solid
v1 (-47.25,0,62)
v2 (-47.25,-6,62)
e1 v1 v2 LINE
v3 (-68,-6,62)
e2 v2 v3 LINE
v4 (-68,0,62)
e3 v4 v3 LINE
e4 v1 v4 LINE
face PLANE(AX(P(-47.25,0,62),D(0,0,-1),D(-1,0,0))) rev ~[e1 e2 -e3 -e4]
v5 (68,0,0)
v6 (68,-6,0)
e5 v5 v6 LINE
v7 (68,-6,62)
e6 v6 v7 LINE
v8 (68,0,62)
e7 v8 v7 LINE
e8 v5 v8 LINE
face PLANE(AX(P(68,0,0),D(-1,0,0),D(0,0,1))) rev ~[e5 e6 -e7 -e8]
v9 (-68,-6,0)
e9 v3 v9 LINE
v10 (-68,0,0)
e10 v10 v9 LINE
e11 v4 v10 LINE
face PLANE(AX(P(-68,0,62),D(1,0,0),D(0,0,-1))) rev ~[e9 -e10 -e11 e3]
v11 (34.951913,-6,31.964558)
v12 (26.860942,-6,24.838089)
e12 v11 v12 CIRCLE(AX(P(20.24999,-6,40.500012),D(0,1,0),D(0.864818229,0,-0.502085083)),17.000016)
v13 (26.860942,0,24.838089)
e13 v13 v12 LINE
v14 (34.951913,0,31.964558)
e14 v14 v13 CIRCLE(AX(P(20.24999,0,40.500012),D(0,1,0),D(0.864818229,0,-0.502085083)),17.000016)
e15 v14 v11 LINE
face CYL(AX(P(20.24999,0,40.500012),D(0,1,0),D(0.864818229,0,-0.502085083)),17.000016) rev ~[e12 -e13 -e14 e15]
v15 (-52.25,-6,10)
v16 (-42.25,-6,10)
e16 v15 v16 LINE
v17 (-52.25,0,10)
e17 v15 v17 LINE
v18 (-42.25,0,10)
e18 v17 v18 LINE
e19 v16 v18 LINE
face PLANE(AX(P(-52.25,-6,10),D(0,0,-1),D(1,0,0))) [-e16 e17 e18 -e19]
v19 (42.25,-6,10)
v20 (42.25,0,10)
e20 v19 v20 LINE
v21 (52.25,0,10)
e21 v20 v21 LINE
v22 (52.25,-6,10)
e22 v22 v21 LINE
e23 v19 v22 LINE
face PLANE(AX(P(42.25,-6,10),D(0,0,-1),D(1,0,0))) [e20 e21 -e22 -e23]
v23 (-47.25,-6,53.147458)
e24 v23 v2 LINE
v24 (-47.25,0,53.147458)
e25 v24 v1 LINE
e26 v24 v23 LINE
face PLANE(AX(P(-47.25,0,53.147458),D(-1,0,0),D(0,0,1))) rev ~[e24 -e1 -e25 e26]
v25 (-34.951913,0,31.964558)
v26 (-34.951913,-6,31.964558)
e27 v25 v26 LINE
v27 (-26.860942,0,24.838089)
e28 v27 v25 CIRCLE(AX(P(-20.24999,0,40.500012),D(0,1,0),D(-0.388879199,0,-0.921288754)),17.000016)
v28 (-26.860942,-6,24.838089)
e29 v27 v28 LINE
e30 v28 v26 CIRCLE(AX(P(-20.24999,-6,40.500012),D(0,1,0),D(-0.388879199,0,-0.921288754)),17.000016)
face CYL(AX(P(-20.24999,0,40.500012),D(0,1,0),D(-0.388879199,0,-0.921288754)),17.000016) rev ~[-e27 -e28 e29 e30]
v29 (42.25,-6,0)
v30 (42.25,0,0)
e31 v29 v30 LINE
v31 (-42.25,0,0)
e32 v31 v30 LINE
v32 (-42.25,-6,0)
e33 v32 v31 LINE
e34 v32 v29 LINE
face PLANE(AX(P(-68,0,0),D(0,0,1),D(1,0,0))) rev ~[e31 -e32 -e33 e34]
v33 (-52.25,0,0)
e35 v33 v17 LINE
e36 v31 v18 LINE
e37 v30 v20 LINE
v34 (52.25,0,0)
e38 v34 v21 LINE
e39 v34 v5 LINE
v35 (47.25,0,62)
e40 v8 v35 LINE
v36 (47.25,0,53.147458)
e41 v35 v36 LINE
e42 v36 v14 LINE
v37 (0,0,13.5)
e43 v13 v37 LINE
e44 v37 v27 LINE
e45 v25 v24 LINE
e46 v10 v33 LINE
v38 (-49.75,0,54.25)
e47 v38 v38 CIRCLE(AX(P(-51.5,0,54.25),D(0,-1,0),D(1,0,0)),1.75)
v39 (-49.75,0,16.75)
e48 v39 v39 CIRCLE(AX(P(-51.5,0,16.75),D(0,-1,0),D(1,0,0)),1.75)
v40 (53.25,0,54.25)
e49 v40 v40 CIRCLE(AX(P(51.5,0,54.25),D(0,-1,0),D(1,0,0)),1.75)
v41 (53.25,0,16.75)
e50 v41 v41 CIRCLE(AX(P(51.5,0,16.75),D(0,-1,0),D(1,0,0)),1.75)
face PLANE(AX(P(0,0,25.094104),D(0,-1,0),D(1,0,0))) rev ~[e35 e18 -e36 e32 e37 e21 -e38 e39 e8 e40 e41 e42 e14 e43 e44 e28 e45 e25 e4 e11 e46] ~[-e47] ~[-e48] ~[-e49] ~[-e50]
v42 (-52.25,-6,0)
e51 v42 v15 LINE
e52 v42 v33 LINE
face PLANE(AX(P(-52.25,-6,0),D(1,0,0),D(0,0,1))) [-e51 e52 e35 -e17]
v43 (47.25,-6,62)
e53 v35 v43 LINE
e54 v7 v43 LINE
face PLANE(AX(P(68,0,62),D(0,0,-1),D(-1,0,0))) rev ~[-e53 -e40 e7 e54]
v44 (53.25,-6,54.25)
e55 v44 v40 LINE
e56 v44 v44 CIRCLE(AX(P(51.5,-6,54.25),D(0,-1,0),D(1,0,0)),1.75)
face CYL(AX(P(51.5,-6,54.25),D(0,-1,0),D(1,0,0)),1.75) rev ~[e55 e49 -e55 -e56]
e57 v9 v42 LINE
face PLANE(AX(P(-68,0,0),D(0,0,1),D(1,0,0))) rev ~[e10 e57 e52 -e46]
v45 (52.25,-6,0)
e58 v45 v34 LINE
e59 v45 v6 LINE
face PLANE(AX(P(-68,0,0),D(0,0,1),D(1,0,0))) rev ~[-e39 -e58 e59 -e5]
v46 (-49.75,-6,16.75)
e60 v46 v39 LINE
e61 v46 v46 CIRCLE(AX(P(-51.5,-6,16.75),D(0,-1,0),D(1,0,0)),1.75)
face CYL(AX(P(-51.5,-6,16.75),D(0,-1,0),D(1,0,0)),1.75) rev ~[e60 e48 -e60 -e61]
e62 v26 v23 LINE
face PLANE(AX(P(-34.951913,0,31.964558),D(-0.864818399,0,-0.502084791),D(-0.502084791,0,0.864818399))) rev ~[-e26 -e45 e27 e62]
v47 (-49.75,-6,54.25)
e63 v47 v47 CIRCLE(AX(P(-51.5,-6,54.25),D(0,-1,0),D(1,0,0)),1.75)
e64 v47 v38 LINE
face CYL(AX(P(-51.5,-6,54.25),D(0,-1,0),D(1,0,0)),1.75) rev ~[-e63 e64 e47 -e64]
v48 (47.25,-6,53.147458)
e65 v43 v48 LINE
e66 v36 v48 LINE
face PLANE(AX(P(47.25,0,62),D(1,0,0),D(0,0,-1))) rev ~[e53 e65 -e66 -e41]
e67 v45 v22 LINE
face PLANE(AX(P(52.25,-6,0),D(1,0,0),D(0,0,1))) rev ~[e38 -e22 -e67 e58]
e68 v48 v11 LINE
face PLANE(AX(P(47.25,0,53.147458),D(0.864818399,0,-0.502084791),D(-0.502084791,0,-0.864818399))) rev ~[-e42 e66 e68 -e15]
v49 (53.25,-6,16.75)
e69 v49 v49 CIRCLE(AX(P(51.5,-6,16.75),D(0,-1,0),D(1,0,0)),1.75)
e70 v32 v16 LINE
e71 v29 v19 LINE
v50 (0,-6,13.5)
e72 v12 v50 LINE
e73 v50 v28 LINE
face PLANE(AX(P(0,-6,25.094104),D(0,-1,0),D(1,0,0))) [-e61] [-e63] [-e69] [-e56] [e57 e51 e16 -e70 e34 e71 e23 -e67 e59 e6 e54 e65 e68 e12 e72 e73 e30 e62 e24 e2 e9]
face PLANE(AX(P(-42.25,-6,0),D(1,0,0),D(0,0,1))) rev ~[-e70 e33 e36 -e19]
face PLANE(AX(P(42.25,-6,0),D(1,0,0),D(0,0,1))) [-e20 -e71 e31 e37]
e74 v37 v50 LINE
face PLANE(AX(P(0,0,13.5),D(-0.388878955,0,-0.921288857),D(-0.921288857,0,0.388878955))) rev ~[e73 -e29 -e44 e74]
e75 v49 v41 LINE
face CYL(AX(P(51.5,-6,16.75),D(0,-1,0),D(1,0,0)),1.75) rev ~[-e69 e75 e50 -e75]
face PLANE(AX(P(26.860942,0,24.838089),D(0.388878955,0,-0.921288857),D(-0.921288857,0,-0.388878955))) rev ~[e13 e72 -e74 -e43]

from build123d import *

# Parameters (mm, degrees)
F1_DEPTH = 6
F2_R     = 1.75
F3_DEPTH = 6.001
F4_W     = 10
F4_H     = 10
F5_DEPTH = 6.001


with BuildPart() as f1:
    # F0 (on Front) → F1 (new body)
    with BuildSketch(Plane.XZ):
        with BuildLine():
            Line((-68, 0), (0, 0))
            Line((0, 0), (68, 0))
            Line((68, 0), (68, 62))
            Line((68, 62), (47.25, 62))
            Line((47.25, 62), (47.25, 53.147458))
            Line((47.25, 53.147458), (34.951913, 31.964558))
            ThreePointArc((34.951913, 31.964558), (31.486373, 27.742888), (26.860942, 24.838089))
            Line((26.860942, 24.838089), (0, 13.5))
            Line((0, 13.5), (-26.860942, 24.838089))
            ThreePointArc((-26.860942, 24.838089), (-31.486373, 27.742888), (-34.951913, 31.964558))
            Line((-34.951913, 31.964558), (-47.25, 53.147458))
            Line((-47.25, 53.147458), (-47.25, 62))
            Line((-47.25, 62), (-68, 62))
            Line((-68, 62), (-68, 0))
        make_face()
    extrude(amount=F1_DEPTH)

    # F2 (on face) → F3 (cut, through all)
    with BuildSketch(Plane.XZ.offset(6)):
        with Locations((-51.5, 54.25)):
            Circle(F2_R)
        with Locations((-51.5, 16.75)):
            Circle(F2_R)
        with Locations((51.5, 54.25)):
            Circle(F2_R)
        with Locations((51.5, 16.75)):
            Circle(F2_R)
    extrude(amount=-F3_DEPTH, mode=Mode.SUBTRACT)

    # F4 (on face) → F5 (cut, through all)
    with BuildSketch(Plane.XZ.offset(6)):
        with Locations((-47.25, 5)):
            Rectangle(F4_W, F4_H)
        with Locations((47.25, 5)):
            Rectangle(F4_W, F4_H)
    extrude(amount=-F5_DEPTH, mode=Mode.SUBTRACT)


solid = f1.part
